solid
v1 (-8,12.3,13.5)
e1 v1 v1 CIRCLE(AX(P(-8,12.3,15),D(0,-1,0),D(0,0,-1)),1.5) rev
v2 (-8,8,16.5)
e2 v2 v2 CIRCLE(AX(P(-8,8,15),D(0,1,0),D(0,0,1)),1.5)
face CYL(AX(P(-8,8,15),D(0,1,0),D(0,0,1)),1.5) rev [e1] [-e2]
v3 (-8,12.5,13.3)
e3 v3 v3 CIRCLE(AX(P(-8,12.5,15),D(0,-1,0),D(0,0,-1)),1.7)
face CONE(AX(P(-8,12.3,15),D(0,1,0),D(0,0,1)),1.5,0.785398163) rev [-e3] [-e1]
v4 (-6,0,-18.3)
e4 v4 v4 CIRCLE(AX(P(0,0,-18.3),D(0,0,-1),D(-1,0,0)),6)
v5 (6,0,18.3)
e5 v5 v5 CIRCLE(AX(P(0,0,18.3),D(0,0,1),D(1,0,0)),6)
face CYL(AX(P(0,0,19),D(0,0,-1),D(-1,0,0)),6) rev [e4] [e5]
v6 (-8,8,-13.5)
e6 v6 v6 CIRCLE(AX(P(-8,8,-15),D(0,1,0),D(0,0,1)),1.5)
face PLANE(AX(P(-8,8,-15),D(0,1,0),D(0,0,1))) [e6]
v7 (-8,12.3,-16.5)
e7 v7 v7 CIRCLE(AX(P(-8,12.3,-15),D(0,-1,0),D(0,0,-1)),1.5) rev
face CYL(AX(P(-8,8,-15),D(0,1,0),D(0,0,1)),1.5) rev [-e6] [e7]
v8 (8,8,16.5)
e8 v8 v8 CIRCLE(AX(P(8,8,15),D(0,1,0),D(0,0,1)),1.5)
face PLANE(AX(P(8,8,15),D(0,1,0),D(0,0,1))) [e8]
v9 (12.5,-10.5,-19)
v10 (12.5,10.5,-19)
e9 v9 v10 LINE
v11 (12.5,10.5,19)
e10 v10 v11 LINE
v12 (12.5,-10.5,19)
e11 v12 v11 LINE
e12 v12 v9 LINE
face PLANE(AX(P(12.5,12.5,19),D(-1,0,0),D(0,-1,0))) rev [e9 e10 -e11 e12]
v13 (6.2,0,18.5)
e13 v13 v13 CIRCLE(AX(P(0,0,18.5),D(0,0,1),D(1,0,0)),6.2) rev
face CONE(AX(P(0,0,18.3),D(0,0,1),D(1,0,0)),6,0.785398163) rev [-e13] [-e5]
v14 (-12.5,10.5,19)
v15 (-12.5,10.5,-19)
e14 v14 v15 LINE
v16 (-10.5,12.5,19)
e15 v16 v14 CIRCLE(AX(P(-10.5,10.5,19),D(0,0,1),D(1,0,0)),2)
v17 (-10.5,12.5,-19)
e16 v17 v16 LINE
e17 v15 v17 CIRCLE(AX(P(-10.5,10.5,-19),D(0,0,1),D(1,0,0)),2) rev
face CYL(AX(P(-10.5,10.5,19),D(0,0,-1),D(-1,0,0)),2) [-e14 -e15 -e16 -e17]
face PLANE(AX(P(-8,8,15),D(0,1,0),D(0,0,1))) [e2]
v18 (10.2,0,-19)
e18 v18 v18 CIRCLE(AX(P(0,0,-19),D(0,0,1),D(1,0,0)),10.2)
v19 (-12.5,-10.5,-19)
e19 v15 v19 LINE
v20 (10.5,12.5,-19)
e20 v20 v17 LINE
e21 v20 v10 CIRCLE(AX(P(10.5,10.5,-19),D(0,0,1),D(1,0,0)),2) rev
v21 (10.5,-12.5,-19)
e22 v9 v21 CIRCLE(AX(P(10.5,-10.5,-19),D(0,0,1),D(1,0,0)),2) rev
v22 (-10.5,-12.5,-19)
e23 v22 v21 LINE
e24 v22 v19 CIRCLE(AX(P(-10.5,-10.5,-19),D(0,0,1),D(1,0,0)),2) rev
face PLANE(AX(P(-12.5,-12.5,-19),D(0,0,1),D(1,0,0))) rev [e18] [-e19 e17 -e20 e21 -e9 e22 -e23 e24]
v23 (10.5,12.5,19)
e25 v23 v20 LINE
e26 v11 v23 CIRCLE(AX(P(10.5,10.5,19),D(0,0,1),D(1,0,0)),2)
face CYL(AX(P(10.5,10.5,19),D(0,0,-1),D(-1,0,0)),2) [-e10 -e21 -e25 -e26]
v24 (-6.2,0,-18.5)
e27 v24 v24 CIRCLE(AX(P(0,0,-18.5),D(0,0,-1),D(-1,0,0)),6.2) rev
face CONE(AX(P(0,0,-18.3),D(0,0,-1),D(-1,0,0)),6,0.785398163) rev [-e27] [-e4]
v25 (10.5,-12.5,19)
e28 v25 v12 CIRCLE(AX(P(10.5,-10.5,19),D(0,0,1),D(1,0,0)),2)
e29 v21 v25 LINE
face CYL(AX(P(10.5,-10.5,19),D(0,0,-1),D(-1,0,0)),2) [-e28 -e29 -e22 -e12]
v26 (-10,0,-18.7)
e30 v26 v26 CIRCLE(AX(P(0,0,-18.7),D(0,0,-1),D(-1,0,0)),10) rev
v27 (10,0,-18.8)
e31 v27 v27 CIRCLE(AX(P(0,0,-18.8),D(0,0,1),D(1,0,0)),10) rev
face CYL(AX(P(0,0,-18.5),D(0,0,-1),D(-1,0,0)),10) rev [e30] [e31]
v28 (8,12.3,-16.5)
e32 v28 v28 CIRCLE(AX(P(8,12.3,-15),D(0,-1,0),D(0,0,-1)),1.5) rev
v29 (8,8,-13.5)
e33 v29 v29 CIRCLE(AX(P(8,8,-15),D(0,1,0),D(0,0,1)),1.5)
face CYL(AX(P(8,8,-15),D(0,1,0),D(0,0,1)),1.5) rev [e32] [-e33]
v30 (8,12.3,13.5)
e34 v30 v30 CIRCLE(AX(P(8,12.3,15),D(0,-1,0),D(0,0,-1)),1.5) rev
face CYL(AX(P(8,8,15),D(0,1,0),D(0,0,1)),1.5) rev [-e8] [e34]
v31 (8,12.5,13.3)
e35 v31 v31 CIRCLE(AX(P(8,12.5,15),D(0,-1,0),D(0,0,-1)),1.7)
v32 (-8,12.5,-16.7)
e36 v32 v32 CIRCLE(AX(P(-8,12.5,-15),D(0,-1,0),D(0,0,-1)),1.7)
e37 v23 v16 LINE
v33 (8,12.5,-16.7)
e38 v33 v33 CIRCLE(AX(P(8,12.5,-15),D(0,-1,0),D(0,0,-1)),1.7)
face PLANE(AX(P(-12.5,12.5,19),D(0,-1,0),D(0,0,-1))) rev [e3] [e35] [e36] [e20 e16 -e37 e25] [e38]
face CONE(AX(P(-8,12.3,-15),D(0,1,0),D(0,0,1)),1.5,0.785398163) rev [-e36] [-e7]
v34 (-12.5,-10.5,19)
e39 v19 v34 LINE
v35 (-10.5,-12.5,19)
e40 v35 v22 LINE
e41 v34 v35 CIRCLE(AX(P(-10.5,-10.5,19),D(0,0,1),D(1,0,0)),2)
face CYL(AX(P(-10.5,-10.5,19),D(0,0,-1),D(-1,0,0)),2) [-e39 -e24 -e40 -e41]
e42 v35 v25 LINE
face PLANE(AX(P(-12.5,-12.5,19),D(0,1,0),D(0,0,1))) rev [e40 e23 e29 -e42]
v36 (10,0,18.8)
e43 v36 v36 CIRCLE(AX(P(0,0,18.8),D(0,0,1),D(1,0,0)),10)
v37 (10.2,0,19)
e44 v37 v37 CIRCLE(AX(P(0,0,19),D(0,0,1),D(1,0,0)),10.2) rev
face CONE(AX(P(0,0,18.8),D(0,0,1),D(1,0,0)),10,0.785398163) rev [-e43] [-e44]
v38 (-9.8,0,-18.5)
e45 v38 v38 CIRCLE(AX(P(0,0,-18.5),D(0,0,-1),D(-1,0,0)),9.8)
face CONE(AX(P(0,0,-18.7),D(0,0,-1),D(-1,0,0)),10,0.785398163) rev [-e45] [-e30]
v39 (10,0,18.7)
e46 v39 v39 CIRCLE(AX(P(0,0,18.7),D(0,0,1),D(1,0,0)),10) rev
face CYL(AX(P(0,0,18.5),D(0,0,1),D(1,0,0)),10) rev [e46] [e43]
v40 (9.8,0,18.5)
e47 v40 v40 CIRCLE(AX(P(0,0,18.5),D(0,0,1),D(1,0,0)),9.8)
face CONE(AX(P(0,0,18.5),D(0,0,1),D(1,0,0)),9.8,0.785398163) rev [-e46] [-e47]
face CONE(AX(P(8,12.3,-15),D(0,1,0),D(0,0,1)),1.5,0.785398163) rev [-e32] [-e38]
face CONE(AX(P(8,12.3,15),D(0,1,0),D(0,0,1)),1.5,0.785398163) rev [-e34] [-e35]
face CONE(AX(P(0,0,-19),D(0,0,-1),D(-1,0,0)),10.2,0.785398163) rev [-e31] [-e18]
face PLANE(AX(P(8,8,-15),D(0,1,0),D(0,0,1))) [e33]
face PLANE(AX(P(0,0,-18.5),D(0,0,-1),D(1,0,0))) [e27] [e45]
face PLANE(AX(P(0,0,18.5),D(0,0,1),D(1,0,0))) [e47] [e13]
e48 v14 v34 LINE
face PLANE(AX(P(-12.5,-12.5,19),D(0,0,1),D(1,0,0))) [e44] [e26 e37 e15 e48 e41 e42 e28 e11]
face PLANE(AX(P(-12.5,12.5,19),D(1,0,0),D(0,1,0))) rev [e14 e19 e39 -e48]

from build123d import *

# Parameters (mm, degrees)
SKETCH1_W          = 25
SKETCH1_H          = 25
SKETCH1_R          = 6
BASE_EXTRUDE_DEPTH = 19
SKETCH2_R          = 10
FRONTDETAIL_DEPTH  = 0.5
FILLET1_R          = 2
SKETCH3_R          = 1.5
MOUNTS_DEPTH       = 4.5
CHAMFER1_SIZE      = 0.2


with BuildPart() as part:
    # Sketch1 → Base-Extrude (new, symmetric)
    with BuildSketch(Plane.XY):
        Rectangle(SKETCH1_W, SKETCH1_H)
        Circle(SKETCH1_R, mode=Mode.SUBTRACT)
    extrude(amount=BASE_EXTRUDE_DEPTH, both=True)

    # Sketch2 → FrontDetail (cut)
    with BuildSketch(Plane.XY.offset(19)):
        Circle(SKETCH2_R)
    frontdetail = extrude(amount=-FRONTDETAIL_DEPTH, mode=Mode.SUBTRACT)

    # Mirror1: FrontDetail across plane
    add(frontdetail.mirror(Plane.XY), mode=Mode.SUBTRACT)

    # Fillet1
    fillet1_edges = [part.edges().sort_by_distance(p)[0] for p in [
        (-12.5, 12.5, 0),
        (12.5, 12.5, 0),
        (12.5, -12.5, 0),
        (-12.5, -12.5, 0),
    ]]
    fillet(fillet1_edges, radius=FILLET1_R)

    # Sketch3 → Mounts (cut)
    with BuildSketch(Plane(origin=(0, 12.5, 0), x_dir=(-1, 0, 0), z_dir=(0, 1, 0))):
        with Locations(Location((-8, 15, 0), (0, 0, 90))):
            Circle(SKETCH3_R)
        with Locations(Location((8, 15, 0), (0, 0, 90))):
            Circle(SKETCH3_R)
        with Locations(Location((-8, -15, 0), (0, 0, 90))):
            Circle(SKETCH3_R)
        with Locations(Location((8, -15, 0), (0, 0, 90))):
            Circle(SKETCH3_R)
    extrude(amount=-MOUNTS_DEPTH, mode=Mode.SUBTRACT)

    # Chamfer1
    chamfer1_edges = [part.edges().sort_by_distance(p)[0] for p in [
        (-10, 0, 18.5),
        (-6, 0, 18.5),
        (-10, 0, 19),
        (-10, 0, -19),
        (-6, 0, -18.5),
        (-10, 0, -18.5),
        (8, 12.5, 13.5),
        (-8, 12.5, 13.5),
        (8, 12.5, -16.5),
        (-8, 12.5, -16.5),
    ]]
    chamfer(chamfer1_edges, length=CHAMFER1_SIZE)


solid = part.part
